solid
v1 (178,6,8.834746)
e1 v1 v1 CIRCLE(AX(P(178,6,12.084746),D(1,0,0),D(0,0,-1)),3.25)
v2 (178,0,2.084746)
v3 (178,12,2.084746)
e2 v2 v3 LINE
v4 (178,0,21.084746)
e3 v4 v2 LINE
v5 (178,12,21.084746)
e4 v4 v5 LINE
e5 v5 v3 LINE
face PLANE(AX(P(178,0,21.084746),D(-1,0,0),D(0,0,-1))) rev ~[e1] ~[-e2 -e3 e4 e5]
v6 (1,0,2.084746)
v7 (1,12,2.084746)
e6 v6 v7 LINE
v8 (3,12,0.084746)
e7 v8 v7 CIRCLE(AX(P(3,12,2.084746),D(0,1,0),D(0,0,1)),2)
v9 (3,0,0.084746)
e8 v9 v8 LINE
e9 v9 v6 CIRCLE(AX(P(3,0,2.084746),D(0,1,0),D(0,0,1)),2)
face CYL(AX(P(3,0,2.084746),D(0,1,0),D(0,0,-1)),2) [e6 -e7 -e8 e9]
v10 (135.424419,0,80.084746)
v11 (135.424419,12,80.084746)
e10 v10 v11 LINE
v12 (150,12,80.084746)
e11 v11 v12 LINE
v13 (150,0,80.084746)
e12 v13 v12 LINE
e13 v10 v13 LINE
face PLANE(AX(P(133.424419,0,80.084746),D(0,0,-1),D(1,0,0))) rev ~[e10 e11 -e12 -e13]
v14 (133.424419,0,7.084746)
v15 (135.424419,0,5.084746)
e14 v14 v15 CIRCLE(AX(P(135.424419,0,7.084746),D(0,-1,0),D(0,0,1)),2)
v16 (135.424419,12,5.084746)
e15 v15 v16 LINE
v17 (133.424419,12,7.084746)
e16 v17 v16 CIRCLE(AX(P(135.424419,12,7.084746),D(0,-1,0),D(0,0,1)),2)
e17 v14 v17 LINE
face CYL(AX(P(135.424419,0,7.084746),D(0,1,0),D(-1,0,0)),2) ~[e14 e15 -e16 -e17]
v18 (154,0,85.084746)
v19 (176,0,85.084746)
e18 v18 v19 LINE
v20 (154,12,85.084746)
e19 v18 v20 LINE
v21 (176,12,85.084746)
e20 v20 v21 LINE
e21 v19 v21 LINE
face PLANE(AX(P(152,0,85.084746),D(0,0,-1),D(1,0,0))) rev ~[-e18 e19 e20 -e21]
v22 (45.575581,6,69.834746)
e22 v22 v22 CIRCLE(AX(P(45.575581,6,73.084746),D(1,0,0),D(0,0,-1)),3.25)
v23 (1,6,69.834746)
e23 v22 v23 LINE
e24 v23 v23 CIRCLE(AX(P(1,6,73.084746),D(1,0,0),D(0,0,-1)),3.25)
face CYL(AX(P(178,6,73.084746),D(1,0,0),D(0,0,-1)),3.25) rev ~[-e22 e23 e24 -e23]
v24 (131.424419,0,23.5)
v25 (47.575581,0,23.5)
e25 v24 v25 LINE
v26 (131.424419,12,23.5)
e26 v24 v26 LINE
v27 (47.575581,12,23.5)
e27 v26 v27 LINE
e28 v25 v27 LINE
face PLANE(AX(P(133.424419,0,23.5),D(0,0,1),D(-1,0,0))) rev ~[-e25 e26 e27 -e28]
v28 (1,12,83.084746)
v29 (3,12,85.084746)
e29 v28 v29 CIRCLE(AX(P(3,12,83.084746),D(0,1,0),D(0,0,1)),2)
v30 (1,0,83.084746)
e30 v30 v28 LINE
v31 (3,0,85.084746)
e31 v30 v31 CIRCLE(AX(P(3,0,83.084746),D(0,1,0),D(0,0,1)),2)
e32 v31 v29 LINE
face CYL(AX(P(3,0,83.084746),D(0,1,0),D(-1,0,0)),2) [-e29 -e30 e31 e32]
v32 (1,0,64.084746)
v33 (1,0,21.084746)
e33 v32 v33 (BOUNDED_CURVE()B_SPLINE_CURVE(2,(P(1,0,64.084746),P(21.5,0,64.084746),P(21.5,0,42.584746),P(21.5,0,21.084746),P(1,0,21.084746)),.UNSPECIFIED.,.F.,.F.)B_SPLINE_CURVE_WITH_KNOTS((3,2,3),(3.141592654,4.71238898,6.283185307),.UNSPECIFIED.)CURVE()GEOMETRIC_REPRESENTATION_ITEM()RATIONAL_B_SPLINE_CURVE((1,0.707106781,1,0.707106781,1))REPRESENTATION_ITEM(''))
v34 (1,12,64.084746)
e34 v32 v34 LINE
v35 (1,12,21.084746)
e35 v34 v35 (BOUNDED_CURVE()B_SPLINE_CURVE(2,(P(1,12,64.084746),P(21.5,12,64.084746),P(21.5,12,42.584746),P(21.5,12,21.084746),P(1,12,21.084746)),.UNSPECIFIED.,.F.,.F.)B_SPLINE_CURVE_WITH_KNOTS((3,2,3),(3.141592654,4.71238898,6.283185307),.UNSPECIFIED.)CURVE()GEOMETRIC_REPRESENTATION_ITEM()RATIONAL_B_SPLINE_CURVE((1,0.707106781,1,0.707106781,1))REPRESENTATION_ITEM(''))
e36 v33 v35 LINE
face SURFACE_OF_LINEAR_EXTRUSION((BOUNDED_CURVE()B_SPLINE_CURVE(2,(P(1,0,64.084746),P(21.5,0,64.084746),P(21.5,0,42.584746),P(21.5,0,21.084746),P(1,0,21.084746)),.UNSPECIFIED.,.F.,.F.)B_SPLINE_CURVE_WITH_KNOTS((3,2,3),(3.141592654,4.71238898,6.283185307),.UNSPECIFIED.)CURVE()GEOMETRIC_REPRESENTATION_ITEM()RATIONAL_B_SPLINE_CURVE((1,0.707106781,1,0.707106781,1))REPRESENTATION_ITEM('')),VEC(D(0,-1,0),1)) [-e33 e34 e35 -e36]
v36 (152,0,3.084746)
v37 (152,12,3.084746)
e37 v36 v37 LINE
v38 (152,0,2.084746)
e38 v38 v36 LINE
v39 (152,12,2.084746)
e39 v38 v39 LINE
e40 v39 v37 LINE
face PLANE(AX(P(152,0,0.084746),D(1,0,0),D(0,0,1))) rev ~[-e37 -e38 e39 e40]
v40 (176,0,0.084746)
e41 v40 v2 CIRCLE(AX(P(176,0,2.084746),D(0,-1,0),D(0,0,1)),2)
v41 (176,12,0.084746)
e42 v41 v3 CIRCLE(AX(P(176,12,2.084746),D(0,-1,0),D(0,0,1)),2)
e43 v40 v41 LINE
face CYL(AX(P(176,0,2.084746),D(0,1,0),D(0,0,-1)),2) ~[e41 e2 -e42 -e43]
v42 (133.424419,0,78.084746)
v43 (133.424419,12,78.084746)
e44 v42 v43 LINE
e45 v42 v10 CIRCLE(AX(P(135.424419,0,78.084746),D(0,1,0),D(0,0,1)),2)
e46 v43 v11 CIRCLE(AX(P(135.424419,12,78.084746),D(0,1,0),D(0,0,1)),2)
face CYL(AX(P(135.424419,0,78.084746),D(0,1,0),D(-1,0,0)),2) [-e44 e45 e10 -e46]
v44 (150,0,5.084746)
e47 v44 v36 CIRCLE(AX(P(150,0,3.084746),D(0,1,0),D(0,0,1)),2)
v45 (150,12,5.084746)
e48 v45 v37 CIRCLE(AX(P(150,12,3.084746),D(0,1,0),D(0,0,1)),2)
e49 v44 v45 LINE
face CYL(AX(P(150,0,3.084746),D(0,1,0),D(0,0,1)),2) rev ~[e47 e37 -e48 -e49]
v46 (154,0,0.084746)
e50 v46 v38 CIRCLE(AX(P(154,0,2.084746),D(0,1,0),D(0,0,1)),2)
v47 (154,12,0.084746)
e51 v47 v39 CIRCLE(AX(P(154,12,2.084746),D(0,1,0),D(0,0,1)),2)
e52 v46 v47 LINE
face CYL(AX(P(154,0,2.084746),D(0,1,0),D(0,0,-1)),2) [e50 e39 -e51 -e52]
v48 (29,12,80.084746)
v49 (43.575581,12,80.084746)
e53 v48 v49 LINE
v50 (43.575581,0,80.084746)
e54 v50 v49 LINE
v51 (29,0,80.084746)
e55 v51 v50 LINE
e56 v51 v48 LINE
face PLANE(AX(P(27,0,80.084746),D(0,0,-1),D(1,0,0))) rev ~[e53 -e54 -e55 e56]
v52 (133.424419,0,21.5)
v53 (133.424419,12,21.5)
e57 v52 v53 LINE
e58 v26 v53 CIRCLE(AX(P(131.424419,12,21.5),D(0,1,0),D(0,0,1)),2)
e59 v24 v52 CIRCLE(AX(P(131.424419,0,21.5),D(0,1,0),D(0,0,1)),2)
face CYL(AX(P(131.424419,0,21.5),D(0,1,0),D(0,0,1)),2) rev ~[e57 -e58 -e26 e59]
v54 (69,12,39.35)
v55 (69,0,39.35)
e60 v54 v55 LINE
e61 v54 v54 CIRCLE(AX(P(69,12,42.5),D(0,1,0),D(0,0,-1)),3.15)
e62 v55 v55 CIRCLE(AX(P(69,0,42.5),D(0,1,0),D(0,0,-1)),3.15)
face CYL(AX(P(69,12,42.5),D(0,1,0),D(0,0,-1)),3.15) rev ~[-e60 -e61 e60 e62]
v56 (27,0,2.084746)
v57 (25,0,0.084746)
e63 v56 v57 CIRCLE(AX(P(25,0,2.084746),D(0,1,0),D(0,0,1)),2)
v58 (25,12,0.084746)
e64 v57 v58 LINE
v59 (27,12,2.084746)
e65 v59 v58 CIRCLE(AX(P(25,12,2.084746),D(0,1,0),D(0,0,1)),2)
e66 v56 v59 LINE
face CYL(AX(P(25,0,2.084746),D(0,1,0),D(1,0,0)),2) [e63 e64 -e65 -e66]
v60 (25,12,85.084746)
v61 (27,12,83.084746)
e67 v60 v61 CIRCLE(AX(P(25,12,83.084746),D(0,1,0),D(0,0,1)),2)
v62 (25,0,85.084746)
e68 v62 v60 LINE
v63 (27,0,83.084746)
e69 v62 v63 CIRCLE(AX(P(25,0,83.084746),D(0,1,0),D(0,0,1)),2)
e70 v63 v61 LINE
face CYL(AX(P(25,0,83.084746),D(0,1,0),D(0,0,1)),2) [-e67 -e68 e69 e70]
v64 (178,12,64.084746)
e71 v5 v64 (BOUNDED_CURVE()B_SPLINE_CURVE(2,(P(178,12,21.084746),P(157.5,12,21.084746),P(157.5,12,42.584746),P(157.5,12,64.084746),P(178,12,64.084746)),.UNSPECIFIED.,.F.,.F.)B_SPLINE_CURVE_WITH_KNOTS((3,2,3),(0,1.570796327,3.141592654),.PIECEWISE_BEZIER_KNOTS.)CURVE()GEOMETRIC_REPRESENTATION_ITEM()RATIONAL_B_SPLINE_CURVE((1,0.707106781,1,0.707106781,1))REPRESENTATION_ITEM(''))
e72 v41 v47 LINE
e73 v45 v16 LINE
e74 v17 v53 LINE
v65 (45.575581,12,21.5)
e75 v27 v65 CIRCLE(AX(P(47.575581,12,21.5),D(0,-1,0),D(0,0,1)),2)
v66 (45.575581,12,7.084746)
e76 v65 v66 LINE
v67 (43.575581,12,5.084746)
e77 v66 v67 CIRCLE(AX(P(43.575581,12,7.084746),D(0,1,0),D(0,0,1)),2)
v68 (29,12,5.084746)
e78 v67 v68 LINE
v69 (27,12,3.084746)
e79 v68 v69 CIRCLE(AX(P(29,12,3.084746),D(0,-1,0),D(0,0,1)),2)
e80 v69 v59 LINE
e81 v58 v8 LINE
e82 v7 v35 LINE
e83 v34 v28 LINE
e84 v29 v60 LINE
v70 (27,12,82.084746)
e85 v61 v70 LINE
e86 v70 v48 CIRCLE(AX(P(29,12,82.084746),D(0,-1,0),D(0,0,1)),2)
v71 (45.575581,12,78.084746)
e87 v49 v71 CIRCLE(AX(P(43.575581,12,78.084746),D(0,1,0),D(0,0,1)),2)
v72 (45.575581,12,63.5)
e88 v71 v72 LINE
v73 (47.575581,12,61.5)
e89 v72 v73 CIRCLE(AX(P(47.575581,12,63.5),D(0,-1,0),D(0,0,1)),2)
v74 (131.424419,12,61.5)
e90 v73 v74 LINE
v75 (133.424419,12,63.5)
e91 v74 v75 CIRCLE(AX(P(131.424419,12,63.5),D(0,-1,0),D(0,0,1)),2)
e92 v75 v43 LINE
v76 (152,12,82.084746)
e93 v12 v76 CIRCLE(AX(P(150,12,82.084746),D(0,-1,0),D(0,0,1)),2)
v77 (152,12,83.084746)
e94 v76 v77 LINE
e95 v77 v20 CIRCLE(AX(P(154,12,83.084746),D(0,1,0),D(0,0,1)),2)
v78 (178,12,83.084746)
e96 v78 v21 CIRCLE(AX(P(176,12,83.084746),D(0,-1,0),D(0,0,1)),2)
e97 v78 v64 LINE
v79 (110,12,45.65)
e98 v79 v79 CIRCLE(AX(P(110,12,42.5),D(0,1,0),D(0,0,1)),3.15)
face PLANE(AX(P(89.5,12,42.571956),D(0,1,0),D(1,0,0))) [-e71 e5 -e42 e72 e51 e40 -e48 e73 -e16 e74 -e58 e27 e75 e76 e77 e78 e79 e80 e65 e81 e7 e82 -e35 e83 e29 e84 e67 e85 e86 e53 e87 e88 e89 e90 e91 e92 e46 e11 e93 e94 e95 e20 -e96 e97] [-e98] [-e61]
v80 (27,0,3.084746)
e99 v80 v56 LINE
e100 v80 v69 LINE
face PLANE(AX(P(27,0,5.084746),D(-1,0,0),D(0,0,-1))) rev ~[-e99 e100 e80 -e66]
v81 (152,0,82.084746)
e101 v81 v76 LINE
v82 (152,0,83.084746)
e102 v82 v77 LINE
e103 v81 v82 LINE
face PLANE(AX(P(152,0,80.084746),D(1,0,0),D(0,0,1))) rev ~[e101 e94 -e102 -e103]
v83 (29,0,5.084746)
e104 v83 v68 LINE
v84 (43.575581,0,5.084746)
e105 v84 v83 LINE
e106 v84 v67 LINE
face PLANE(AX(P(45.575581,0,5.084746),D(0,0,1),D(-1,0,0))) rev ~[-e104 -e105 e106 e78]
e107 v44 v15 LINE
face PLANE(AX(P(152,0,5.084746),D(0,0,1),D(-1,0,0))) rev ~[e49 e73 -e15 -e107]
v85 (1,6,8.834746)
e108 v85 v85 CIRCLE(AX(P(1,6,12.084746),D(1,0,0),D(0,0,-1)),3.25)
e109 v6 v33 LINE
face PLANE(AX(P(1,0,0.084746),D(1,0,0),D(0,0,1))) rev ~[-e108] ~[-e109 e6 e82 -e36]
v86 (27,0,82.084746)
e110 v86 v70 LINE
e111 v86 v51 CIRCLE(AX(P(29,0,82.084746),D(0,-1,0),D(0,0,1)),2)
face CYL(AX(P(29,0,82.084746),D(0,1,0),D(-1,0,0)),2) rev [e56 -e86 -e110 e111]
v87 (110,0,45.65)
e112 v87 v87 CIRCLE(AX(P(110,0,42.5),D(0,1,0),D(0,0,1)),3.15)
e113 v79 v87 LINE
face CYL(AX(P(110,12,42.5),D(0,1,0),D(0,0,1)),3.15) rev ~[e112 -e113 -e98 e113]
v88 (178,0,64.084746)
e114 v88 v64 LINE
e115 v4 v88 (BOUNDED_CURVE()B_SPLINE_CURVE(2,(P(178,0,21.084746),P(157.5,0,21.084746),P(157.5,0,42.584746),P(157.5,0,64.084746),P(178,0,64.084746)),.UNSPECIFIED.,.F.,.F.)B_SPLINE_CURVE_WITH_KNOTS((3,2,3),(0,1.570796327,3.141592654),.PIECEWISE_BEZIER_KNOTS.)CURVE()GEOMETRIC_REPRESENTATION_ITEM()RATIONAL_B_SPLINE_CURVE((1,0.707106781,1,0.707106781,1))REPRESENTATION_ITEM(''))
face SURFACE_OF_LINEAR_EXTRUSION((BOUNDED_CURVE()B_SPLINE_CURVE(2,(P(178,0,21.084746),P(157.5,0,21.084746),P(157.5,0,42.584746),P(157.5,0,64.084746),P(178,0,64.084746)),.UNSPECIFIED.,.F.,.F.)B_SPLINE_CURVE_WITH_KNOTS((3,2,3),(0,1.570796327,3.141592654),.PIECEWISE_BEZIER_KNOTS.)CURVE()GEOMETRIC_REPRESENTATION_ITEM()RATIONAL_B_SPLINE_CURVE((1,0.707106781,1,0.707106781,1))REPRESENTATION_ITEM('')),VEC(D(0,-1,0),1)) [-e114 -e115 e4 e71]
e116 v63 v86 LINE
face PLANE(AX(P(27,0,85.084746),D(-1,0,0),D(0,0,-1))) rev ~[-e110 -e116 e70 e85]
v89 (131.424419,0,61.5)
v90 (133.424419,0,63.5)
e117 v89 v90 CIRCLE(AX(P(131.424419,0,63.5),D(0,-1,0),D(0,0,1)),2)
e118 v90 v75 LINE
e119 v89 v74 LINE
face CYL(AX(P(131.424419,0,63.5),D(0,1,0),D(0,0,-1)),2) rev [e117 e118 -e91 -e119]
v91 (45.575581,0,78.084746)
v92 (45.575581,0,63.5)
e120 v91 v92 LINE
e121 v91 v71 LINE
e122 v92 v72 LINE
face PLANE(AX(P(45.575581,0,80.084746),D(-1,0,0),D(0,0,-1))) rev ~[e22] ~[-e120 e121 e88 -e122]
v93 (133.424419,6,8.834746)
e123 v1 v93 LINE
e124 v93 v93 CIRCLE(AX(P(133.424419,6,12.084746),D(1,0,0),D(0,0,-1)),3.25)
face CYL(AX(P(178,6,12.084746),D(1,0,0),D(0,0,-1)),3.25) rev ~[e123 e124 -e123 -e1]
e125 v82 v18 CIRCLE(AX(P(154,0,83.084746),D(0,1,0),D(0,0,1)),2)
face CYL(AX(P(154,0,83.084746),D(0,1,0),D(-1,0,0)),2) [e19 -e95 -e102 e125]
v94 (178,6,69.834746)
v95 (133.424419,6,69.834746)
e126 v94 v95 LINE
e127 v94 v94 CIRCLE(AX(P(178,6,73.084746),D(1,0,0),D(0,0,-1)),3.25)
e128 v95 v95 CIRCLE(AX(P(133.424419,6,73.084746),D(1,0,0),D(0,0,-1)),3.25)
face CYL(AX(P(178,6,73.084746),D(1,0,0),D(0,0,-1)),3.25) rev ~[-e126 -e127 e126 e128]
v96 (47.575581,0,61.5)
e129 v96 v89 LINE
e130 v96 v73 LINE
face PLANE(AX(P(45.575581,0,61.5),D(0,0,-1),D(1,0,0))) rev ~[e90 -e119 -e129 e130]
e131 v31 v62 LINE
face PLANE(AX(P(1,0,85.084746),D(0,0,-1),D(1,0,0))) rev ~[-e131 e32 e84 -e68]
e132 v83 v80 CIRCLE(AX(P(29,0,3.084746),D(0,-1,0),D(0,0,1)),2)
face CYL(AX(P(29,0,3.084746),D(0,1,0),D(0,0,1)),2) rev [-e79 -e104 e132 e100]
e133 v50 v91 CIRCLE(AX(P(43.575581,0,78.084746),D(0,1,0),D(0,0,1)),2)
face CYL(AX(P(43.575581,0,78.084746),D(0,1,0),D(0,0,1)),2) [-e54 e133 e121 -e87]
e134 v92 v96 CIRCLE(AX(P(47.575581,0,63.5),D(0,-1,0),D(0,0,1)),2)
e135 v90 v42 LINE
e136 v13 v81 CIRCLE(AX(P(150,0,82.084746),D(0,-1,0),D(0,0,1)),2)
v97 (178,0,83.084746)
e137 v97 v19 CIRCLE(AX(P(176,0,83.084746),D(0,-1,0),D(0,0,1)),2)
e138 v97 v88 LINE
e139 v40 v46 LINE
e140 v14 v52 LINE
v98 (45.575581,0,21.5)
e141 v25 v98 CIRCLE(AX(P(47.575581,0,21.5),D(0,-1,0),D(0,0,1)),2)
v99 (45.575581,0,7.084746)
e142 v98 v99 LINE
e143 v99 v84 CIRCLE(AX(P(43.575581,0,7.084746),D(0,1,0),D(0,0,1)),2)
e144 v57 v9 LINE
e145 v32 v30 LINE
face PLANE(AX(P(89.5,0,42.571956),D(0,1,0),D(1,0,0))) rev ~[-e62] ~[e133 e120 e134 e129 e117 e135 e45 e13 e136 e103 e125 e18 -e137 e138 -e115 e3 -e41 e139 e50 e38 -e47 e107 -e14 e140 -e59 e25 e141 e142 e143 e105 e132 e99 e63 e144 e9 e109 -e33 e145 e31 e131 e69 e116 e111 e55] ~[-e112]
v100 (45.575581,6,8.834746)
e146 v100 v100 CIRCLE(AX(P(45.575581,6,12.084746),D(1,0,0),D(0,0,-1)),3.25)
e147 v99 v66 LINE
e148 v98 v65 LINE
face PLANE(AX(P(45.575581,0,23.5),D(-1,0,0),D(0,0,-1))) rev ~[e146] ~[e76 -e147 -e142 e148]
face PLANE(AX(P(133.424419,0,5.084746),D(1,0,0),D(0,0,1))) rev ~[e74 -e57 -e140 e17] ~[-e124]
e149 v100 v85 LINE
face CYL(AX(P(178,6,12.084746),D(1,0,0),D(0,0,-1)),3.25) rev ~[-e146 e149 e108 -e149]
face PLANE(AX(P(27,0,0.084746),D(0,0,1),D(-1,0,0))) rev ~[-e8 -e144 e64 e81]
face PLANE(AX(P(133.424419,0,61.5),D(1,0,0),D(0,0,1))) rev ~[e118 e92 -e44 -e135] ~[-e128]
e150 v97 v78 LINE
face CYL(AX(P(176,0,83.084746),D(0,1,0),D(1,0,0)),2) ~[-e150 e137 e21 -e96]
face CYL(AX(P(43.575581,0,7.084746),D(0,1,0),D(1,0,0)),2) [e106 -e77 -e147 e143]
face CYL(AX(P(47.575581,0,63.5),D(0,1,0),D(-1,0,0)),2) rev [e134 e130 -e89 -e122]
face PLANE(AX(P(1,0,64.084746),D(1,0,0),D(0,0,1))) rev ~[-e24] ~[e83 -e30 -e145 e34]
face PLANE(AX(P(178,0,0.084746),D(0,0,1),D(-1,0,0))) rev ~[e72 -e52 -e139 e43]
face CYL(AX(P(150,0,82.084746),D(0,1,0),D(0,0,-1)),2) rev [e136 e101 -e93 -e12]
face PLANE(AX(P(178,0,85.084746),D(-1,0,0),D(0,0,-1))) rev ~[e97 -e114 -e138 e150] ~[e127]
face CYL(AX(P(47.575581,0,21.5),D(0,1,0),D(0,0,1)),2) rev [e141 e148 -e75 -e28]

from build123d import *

# Parameters (mm, degrees)
EXTRUDE_1_DEPTH     = 12
SKETCH_2_R          = 3.25
CUT_EXTRUDE_3_DEPTH = 197.754705478
FILLET_1_R          = 2
FILLET_2_R          = 2
SKETCH_3_R          = 3.15
CUT_EXTRUDE_4_DEPTH = 198.654785239


with BuildPart() as part:
    # 草圖1 → 填料-伸長1 (new body)
    with BuildSketch(Plane(origin=(0, 0, 0), x_dir=(1, 0, 0), z_dir=(0, 1, 0))):
        with BuildLine():
            Line((133.424419381, -23.5), (45.575580619, -23.5))
            Line((45.575580619, -23.5), (45.575580619, -5.084746417))
            Line((45.575580619, -5.084746417), (27, -5.084746417))
            Line((27, -5.084746417), (27, -0.084746417))
            Line((27, -0.084746417), (1, -0.084746417))
            Line((1, -0.084746417), (1, -21.084746417))
            add(Edge.make_bspline(
                [(1, -64.084746417), (21.5, -64.084746417), (21.5, -42.584746417), (21.5, -21.084746417), (1, -21.084746417)],
                knots=[3.141592654, 3.141592654, 3.141592654, 4.71238898, 4.71238898, 6.283185307, 6.283185307, 6.283185307], degree=2, weights=[1, 0.707106781, 1, 0.707106781, 1]))
            Line((1, -64.084746417), (1, -85.084746417))
            Line((1, -85.084746417), (27, -85.084746417))
            Line((27, -85.084746417), (27, -80.084746417))
            Line((27, -80.084746417), (45.575580619, -80.084746417))
            Line((45.575580619, -80.084746417), (45.575580619, -61.5))
            Line((45.575580619, -61.5), (133.424419381, -61.5))
            Line((133.424419381, -61.5), (133.424419381, -80.084746417))
            Line((133.424419381, -80.084746417), (152, -80.084746417))
            Line((152, -80.084746417), (152, -85.084746417))
            Line((152, -85.084746417), (178, -85.084746417))
            Line((178, -85.084746417), (178, -64.084746417))
            add(Edge.make_bspline(
                [(178, -21.084746417), (157.5, -21.084746417), (157.5, -42.584746417), (157.5, -64.084746417), (178, -64.084746417)],
                knots=[0, 0, 0, 1.570796327, 1.570796327, 3.141592654, 3.141592654, 3.141592654], degree=2, weights=[1, 0.707106781, 1, 0.707106781, 1]))
            Line((178, -21.084746417), (178, -0.084746417))
            Line((178, -0.084746417), (152, -0.084746417))
            Line((152, -0.084746417), (152, -5.084746417))
            Line((152, -5.084746417), (133.424419381, -5.084746417))
            Line((133.424419381, -5.084746417), (133.424419381, -23.5))
        make_face()
    extrude(amount=EXTRUDE_1_DEPTH)

    # 草圖2 → 除料-伸長3 (cut, through all)
    with BuildSketch(Plane(origin=(178, 0, 0), x_dir=(0, 0, -1), z_dir=(1, 0, 0))):
        with Locations((-12.084746417, 6)):
            Circle(SKETCH_2_R)
        with Locations((-73.084746417, 6)):
            Circle(SKETCH_2_R)
    extrude(amount=-CUT_EXTRUDE_3_DEPTH, mode=Mode.SUBTRACT)

    # 圓角1
    fillet_1_edges = [part.edges().sort_by_distance(p)[0] for p in [
        (45.575580619, 6, 23.5),
        (133.424419381, 6, 23.5),
        (133.424419381, 6, 5.084746417),
        (152, 6, 5.084746417),
        (152, 6, 0.084746417),
        (152, 6, 85.084746417),
        (152, 6, 80.084746417),
        (133.424419381, 6, 80.084746417),
        (133.424419381, 6, 61.5),
        (45.575580619, 6, 61.5),
        (45.575580619, 6, 80.084746417),
        (27, 6, 80.084746417),
        (27, 6, 85.084746417),
        (27, 6, 0.084746417),
        (27, 6, 5.084746417),
        (45.575580619, 6, 5.084746417),
    ]]
    fillet(fillet_1_edges, radius=FILLET_1_R)

    # 圓角2
    fillet_2_edges = [part.edges().sort_by_distance(p)[0] for p in [
        (178, 6, 0.084746417),
        (178, 6, 85.084746417),
        (1, 6, 85.084746417),
        (1, 6, 0.084746417),
    ]]
    fillet(fillet_2_edges, radius=FILLET_2_R)

    # 草圖3 → 除料-伸長4 (cut, through all)
    with BuildSketch(Plane(origin=(0, 12, 0), x_dir=(1, 0, 0), z_dir=(0, 1, 0))):
        with Locations(Location((110, -42.5, 0), (0, 0, 270))):
            Circle(SKETCH_3_R)
        with Locations(Location((69, -42.5, 0), (0, 0, 90))):
            Circle(SKETCH_3_R)
    extrude(amount=-CUT_EXTRUDE_4_DEPTH, mode=Mode.SUBTRACT)


solid = part.part
